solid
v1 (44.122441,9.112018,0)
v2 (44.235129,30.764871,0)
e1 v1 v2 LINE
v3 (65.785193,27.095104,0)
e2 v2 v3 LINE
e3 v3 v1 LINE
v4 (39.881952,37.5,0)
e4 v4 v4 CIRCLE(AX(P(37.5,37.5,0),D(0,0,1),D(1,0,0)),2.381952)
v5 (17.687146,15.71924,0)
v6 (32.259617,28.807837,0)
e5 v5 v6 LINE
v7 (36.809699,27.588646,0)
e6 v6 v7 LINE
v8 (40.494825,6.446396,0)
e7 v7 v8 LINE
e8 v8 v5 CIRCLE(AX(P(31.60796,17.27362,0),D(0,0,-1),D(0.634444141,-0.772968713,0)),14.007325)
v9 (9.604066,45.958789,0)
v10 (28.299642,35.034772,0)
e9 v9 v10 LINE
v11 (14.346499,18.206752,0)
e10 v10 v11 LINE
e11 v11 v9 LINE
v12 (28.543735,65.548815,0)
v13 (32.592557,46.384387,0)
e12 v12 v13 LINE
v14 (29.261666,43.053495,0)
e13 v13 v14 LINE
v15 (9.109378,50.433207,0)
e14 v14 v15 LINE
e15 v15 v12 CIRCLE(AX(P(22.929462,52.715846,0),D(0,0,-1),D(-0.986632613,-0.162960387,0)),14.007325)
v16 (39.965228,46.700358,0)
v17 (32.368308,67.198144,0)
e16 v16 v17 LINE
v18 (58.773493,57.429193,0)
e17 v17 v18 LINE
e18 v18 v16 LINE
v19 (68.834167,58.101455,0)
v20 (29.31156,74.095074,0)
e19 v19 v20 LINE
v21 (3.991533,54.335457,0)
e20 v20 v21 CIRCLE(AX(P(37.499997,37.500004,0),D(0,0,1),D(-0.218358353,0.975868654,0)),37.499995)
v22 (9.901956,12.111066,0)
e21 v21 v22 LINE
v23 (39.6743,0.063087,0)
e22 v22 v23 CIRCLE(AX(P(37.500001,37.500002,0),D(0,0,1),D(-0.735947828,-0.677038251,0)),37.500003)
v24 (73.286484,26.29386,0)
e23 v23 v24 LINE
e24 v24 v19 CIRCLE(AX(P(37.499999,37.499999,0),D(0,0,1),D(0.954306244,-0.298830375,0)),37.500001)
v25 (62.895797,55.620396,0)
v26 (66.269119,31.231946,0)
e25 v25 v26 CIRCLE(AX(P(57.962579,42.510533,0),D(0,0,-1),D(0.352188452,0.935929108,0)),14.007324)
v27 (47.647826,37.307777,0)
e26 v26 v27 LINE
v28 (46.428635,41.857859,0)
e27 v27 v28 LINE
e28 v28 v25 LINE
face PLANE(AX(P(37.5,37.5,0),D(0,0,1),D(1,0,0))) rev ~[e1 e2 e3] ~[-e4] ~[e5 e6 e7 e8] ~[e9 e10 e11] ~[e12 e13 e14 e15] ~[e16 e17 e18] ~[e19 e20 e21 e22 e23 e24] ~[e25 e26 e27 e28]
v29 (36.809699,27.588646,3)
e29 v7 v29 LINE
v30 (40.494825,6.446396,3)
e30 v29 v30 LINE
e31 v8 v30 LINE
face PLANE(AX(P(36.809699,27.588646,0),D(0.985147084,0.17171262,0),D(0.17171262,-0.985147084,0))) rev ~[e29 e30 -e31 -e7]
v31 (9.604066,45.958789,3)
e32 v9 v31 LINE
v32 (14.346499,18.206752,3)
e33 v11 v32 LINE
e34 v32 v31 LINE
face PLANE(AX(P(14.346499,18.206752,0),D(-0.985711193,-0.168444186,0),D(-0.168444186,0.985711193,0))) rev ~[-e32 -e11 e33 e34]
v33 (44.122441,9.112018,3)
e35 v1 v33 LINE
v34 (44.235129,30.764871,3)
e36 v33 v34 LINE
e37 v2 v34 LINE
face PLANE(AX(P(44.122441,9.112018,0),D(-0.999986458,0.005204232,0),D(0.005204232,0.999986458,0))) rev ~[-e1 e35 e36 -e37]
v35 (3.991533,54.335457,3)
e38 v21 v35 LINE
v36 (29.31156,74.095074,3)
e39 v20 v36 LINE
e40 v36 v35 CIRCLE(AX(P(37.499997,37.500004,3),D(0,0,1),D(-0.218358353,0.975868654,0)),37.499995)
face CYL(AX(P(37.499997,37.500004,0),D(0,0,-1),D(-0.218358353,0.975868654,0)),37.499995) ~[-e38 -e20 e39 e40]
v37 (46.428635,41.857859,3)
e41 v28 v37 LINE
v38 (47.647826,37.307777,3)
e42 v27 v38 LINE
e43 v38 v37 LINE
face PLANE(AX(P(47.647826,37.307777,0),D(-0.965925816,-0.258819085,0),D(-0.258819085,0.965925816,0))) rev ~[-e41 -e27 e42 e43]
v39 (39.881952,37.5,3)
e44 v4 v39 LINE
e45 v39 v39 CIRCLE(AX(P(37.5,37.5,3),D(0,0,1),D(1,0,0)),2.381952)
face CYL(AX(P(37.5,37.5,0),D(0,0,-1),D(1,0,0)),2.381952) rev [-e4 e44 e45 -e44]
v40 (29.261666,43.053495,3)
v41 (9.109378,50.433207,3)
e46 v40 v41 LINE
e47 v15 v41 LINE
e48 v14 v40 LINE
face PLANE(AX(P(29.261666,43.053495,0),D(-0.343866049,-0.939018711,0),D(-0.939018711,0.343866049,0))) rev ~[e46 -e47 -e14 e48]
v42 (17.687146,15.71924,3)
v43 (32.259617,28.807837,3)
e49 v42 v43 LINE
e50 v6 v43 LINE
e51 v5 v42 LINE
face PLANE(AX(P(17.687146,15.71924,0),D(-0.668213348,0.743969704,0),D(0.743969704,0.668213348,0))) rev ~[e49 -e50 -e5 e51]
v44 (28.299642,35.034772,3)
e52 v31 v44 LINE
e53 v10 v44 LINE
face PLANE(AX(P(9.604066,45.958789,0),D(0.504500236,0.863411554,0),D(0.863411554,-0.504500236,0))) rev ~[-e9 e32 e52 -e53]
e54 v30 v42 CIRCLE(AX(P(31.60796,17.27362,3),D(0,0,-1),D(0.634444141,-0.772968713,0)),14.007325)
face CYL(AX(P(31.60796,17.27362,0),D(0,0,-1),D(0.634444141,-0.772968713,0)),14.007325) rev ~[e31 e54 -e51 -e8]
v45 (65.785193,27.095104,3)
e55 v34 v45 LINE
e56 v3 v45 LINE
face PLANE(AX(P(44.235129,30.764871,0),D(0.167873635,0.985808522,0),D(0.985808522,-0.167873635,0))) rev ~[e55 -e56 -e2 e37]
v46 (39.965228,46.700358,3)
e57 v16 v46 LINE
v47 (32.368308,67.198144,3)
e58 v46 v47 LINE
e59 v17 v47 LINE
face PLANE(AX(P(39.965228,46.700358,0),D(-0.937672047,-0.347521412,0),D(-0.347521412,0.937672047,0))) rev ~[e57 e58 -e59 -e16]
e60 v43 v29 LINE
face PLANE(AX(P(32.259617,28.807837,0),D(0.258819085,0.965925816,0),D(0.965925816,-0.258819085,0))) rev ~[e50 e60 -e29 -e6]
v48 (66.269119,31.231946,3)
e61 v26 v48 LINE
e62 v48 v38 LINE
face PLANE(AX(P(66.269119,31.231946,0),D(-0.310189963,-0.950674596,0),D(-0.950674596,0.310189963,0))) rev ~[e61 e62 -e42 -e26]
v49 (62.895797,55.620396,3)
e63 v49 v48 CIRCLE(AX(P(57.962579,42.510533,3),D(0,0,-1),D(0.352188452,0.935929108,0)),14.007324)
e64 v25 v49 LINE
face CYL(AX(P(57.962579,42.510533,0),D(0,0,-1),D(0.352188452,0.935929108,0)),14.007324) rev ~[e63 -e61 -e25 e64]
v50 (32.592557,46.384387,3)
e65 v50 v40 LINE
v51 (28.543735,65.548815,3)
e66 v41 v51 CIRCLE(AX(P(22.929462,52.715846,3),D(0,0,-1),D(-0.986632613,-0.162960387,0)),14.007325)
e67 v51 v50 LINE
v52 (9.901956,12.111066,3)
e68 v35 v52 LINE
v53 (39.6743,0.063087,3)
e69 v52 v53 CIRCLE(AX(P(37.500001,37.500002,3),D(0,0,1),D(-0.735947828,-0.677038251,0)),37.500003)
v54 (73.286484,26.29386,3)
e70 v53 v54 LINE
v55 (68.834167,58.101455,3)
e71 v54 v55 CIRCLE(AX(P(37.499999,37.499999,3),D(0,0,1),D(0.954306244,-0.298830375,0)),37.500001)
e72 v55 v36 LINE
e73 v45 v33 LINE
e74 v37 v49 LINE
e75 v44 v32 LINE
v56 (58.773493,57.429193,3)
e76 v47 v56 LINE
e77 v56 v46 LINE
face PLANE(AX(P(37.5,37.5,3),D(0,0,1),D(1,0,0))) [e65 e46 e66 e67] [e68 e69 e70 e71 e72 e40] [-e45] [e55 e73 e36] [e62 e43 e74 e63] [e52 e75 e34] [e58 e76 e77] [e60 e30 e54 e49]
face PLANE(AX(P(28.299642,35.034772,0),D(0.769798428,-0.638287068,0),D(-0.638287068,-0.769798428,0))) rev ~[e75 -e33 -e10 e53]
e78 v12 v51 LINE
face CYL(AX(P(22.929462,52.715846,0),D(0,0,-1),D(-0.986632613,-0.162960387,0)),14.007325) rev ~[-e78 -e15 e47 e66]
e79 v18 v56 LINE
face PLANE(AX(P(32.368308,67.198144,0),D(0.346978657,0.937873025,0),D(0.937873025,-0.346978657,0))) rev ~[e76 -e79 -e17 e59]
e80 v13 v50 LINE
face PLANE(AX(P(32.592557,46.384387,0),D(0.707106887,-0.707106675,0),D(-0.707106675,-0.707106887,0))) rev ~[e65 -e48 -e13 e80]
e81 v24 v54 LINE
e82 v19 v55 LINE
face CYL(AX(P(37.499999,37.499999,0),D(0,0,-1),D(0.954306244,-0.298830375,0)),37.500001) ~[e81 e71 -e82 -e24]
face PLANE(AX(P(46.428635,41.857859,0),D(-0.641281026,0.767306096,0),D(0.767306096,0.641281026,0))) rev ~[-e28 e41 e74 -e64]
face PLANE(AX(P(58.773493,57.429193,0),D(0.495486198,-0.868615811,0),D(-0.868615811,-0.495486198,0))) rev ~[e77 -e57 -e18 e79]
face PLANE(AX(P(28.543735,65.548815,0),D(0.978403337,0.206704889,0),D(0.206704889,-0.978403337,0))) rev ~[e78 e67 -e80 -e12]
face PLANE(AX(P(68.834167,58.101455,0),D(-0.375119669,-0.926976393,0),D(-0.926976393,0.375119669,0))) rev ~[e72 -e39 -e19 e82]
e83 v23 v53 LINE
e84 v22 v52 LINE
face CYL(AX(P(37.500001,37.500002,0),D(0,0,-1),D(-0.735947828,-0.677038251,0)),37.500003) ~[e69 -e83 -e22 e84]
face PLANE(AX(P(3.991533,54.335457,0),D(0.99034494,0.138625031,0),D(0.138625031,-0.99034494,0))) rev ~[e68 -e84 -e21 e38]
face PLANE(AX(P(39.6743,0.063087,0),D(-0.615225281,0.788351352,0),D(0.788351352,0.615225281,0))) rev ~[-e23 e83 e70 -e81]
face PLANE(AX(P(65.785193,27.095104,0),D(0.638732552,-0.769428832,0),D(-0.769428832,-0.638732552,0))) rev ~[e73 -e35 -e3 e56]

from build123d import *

# Parameters (mm, degrees)
F0_R     = 2.381952
F1_DEPTH = 3


with BuildPart() as f1:
    # F0 (on Top) → F1 (new body)
    with BuildSketch(Plane.XY):
        with BuildLine():
            Line((68.834167, 58.101455), (29.31156, 74.095074))
            ThreePointArc((29.31156, 74.095074), (14.429052, 67.063176), (3.991533, 54.335457))
            Line((3.991533, 54.335457), (9.901956, 12.111066))
            ThreePointArc((9.901956, 12.111066), (23.433013, 2.738385), (39.6743, 0.063087))
            Line((39.6743, 0.063087), (73.286484, 26.29386))
            ThreePointArc((73.286484, 26.29386), (74.637935, 42.698439), (68.834167, 58.101455))
        make_face()
        with BuildLine():
            ThreePointArc((40.494825, 6.446396), (26.332397, 4.297735), (17.687146, 15.71924))
            Line((17.687146, 15.71924), (32.259617, 28.807837))
            Line((32.259617, 28.807837), (36.809699, 27.588646))
            Line((36.809699, 27.588646), (40.494825, 6.446396))
        make_face(mode=Mode.SUBTRACT)
        Polygon((14.346499, 18.206752), (9.604066, 45.958789), (28.299642, 35.034772), align=None, mode=Mode.SUBTRACT)
        Polygon((44.122441, 9.112018), (44.235129, 30.764871), (65.785193, 27.095104), align=None, mode=Mode.SUBTRACT)
        with BuildLine():
            Line((32.592557, 46.384387), (29.261666, 43.053495))
            Line((29.261666, 43.053495), (9.109378, 50.433207))
            ThreePointArc((9.109378, 50.433207), (14.329797, 63.77256), (28.543735, 65.548815))
            Line((28.543735, 65.548815), (32.592557, 46.384387))
        make_face(mode=Mode.SUBTRACT)
        with Locations((37.5, 37.5)):
            Circle(F0_R, mode=Mode.SUBTRACT)
        with BuildLine():
            ThreePointArc((62.895797, 55.620396), (71.837806, 44.429704), (66.269119, 31.231946))
            Line((66.269119, 31.231946), (47.647826, 37.307777))
            Line((47.647826, 37.307777), (46.428635, 41.857859))
            Line((46.428635, 41.857859), (62.895797, 55.620396))
        make_face(mode=Mode.SUBTRACT)
        Polygon((58.773493, 57.429193), (39.965228, 46.700358), (32.368308, 67.198144), align=None, mode=Mode.SUBTRACT)
    extrude(amount=F1_DEPTH)


solid = f1.part
